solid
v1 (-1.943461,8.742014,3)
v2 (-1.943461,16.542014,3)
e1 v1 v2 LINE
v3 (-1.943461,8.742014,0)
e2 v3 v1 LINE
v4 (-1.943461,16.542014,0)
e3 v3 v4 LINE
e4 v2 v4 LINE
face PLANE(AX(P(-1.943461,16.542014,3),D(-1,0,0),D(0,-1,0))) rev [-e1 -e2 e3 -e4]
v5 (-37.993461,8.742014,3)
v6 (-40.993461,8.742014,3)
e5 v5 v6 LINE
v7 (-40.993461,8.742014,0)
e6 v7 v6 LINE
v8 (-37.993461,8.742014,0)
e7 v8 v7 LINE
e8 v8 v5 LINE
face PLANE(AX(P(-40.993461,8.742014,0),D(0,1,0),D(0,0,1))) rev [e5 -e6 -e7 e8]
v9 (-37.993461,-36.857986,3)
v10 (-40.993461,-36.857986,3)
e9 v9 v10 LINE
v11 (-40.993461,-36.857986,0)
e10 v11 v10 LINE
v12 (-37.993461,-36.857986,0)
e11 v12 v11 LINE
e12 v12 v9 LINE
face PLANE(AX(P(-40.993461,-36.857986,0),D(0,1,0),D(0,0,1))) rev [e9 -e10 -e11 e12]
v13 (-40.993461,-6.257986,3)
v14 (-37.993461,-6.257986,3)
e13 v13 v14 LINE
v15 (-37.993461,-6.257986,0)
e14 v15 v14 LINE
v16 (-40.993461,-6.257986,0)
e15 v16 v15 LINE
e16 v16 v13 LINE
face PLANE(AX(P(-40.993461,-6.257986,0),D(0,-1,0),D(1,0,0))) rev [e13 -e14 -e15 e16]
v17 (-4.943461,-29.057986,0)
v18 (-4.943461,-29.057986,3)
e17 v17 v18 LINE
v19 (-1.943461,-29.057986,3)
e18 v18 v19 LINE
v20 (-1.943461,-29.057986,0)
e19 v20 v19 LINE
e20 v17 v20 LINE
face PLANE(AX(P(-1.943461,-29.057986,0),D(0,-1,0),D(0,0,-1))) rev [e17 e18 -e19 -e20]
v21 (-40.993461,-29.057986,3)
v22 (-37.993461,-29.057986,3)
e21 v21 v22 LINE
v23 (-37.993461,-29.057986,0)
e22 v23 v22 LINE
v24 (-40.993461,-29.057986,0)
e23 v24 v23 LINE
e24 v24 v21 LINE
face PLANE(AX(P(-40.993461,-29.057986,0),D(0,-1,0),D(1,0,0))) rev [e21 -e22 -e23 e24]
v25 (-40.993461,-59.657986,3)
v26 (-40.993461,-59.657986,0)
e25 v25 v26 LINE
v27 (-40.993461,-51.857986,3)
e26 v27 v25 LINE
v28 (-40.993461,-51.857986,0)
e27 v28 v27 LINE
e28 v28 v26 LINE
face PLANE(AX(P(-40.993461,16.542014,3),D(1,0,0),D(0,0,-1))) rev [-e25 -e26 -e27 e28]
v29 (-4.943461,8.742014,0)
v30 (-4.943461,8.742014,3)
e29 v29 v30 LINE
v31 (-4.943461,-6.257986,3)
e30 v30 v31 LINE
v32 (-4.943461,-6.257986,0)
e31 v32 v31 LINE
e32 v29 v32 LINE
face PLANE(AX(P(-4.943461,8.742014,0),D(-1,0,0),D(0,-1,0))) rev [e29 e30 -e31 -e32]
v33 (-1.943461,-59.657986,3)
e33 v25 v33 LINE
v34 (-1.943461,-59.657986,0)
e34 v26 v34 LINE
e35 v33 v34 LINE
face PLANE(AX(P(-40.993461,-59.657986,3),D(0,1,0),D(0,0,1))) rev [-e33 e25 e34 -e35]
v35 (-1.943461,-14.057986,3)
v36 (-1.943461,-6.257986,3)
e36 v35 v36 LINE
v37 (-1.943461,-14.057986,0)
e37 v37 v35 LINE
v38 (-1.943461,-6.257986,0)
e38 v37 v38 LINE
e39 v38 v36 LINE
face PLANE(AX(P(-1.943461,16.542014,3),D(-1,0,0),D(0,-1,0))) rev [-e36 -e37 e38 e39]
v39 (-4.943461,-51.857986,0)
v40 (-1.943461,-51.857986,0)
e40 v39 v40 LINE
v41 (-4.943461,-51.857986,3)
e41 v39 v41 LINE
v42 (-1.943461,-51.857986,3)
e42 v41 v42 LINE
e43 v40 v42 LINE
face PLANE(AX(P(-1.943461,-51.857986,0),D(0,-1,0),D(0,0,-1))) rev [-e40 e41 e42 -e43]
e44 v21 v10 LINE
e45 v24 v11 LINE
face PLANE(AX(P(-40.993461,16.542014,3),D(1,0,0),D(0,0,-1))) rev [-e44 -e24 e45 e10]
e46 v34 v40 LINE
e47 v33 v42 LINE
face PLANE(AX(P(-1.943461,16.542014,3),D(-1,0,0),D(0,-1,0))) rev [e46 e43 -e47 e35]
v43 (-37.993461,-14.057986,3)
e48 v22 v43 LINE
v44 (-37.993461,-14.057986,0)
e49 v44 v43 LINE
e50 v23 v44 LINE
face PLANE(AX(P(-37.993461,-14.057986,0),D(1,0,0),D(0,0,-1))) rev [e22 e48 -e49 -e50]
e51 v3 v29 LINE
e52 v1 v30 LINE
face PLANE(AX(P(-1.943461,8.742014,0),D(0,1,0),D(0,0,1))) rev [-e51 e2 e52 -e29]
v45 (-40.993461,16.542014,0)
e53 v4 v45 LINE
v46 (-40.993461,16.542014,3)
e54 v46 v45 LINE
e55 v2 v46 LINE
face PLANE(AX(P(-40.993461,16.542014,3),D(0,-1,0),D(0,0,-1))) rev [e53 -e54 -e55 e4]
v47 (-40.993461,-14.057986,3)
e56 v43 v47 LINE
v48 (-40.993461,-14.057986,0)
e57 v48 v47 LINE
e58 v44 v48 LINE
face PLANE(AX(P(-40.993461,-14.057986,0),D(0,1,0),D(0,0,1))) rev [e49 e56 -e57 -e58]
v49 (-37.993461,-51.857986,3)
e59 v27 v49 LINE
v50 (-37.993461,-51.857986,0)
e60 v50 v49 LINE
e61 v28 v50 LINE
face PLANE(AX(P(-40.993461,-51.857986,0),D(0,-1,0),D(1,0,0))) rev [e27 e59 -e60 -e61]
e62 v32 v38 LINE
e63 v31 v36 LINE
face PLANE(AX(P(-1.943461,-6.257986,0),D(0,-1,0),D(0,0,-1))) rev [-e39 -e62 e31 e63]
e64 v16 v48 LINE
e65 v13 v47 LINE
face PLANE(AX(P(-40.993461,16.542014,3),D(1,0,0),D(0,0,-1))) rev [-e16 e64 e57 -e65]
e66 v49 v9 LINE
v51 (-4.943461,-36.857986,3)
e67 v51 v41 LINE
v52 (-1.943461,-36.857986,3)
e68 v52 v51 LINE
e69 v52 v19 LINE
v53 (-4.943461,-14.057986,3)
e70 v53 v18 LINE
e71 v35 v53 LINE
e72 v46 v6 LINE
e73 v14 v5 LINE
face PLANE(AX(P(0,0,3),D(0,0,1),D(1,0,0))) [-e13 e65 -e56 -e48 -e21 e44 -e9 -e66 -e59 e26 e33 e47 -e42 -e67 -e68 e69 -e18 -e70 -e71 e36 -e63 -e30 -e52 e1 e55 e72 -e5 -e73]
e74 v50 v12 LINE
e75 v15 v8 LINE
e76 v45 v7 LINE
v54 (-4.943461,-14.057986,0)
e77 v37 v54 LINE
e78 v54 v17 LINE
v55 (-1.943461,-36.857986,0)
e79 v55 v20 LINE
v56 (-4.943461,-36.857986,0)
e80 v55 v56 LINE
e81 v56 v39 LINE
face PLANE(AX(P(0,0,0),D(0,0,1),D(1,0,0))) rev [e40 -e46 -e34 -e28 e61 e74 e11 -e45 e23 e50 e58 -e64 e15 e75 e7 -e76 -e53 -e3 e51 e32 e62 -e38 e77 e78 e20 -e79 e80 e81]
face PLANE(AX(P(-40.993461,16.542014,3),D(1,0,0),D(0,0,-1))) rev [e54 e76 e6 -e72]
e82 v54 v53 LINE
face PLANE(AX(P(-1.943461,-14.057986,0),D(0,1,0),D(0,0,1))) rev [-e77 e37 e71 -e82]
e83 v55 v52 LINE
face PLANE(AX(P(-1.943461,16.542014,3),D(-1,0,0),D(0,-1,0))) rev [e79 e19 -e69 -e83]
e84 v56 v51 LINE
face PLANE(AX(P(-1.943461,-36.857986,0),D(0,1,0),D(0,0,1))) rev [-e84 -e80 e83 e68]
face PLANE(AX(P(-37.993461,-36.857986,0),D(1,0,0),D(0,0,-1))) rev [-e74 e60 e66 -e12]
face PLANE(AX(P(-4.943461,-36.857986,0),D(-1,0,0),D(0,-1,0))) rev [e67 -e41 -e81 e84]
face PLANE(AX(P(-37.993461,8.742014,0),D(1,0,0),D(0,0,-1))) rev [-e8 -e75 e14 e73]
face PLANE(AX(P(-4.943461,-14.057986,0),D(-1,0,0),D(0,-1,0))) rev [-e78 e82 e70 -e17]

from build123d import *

# Parameters (mm, degrees)
SKETCH1_W           = 39.05
SKETCH1_H           = 76.2
BOSS_EXTRUDE1_DEPTH = 3
SKETCH2_W           = 3
SKETCH2_H           = 15
CUT_EXTRUDE1_DEPTH  = 73.446802019
LPATTERN1_COUNT     = 3
LPATTERN1_PITCH     = 22.8


with BuildPart() as part:
    # Sketch1 → Boss-Extrude1 (new body)
    with BuildSketch(Plane.XY):
        with Locations((-21.468460648, -21.557986111)):
            Rectangle(SKETCH1_W, SKETCH1_H)
    extrude(amount=BOSS_EXTRUDE1_DEPTH)

    # Sketch2 → Cut-Extrude1 (cut, through all)
    with BuildSketch(Plane.XY.offset(3)):
        with Locations((-39.493460648, 1.242013889)):
            Rectangle(SKETCH2_W, SKETCH2_H)
        with Locations((-3.443460648, 1.242013889)):
            Rectangle(SKETCH2_W, SKETCH2_H)
    cut_extrude1 = extrude(amount=-CUT_EXTRUDE1_DEPTH, mode=Mode.SUBTRACT)

    # LPattern1: Cut-Extrude1 ×3
    with Locations(*[(0, -i * LPATTERN1_PITCH, 0) for i in range(1, LPATTERN1_COUNT)]):
        add(cut_extrude1, mode=Mode.SUBTRACT)


solid = part.part
